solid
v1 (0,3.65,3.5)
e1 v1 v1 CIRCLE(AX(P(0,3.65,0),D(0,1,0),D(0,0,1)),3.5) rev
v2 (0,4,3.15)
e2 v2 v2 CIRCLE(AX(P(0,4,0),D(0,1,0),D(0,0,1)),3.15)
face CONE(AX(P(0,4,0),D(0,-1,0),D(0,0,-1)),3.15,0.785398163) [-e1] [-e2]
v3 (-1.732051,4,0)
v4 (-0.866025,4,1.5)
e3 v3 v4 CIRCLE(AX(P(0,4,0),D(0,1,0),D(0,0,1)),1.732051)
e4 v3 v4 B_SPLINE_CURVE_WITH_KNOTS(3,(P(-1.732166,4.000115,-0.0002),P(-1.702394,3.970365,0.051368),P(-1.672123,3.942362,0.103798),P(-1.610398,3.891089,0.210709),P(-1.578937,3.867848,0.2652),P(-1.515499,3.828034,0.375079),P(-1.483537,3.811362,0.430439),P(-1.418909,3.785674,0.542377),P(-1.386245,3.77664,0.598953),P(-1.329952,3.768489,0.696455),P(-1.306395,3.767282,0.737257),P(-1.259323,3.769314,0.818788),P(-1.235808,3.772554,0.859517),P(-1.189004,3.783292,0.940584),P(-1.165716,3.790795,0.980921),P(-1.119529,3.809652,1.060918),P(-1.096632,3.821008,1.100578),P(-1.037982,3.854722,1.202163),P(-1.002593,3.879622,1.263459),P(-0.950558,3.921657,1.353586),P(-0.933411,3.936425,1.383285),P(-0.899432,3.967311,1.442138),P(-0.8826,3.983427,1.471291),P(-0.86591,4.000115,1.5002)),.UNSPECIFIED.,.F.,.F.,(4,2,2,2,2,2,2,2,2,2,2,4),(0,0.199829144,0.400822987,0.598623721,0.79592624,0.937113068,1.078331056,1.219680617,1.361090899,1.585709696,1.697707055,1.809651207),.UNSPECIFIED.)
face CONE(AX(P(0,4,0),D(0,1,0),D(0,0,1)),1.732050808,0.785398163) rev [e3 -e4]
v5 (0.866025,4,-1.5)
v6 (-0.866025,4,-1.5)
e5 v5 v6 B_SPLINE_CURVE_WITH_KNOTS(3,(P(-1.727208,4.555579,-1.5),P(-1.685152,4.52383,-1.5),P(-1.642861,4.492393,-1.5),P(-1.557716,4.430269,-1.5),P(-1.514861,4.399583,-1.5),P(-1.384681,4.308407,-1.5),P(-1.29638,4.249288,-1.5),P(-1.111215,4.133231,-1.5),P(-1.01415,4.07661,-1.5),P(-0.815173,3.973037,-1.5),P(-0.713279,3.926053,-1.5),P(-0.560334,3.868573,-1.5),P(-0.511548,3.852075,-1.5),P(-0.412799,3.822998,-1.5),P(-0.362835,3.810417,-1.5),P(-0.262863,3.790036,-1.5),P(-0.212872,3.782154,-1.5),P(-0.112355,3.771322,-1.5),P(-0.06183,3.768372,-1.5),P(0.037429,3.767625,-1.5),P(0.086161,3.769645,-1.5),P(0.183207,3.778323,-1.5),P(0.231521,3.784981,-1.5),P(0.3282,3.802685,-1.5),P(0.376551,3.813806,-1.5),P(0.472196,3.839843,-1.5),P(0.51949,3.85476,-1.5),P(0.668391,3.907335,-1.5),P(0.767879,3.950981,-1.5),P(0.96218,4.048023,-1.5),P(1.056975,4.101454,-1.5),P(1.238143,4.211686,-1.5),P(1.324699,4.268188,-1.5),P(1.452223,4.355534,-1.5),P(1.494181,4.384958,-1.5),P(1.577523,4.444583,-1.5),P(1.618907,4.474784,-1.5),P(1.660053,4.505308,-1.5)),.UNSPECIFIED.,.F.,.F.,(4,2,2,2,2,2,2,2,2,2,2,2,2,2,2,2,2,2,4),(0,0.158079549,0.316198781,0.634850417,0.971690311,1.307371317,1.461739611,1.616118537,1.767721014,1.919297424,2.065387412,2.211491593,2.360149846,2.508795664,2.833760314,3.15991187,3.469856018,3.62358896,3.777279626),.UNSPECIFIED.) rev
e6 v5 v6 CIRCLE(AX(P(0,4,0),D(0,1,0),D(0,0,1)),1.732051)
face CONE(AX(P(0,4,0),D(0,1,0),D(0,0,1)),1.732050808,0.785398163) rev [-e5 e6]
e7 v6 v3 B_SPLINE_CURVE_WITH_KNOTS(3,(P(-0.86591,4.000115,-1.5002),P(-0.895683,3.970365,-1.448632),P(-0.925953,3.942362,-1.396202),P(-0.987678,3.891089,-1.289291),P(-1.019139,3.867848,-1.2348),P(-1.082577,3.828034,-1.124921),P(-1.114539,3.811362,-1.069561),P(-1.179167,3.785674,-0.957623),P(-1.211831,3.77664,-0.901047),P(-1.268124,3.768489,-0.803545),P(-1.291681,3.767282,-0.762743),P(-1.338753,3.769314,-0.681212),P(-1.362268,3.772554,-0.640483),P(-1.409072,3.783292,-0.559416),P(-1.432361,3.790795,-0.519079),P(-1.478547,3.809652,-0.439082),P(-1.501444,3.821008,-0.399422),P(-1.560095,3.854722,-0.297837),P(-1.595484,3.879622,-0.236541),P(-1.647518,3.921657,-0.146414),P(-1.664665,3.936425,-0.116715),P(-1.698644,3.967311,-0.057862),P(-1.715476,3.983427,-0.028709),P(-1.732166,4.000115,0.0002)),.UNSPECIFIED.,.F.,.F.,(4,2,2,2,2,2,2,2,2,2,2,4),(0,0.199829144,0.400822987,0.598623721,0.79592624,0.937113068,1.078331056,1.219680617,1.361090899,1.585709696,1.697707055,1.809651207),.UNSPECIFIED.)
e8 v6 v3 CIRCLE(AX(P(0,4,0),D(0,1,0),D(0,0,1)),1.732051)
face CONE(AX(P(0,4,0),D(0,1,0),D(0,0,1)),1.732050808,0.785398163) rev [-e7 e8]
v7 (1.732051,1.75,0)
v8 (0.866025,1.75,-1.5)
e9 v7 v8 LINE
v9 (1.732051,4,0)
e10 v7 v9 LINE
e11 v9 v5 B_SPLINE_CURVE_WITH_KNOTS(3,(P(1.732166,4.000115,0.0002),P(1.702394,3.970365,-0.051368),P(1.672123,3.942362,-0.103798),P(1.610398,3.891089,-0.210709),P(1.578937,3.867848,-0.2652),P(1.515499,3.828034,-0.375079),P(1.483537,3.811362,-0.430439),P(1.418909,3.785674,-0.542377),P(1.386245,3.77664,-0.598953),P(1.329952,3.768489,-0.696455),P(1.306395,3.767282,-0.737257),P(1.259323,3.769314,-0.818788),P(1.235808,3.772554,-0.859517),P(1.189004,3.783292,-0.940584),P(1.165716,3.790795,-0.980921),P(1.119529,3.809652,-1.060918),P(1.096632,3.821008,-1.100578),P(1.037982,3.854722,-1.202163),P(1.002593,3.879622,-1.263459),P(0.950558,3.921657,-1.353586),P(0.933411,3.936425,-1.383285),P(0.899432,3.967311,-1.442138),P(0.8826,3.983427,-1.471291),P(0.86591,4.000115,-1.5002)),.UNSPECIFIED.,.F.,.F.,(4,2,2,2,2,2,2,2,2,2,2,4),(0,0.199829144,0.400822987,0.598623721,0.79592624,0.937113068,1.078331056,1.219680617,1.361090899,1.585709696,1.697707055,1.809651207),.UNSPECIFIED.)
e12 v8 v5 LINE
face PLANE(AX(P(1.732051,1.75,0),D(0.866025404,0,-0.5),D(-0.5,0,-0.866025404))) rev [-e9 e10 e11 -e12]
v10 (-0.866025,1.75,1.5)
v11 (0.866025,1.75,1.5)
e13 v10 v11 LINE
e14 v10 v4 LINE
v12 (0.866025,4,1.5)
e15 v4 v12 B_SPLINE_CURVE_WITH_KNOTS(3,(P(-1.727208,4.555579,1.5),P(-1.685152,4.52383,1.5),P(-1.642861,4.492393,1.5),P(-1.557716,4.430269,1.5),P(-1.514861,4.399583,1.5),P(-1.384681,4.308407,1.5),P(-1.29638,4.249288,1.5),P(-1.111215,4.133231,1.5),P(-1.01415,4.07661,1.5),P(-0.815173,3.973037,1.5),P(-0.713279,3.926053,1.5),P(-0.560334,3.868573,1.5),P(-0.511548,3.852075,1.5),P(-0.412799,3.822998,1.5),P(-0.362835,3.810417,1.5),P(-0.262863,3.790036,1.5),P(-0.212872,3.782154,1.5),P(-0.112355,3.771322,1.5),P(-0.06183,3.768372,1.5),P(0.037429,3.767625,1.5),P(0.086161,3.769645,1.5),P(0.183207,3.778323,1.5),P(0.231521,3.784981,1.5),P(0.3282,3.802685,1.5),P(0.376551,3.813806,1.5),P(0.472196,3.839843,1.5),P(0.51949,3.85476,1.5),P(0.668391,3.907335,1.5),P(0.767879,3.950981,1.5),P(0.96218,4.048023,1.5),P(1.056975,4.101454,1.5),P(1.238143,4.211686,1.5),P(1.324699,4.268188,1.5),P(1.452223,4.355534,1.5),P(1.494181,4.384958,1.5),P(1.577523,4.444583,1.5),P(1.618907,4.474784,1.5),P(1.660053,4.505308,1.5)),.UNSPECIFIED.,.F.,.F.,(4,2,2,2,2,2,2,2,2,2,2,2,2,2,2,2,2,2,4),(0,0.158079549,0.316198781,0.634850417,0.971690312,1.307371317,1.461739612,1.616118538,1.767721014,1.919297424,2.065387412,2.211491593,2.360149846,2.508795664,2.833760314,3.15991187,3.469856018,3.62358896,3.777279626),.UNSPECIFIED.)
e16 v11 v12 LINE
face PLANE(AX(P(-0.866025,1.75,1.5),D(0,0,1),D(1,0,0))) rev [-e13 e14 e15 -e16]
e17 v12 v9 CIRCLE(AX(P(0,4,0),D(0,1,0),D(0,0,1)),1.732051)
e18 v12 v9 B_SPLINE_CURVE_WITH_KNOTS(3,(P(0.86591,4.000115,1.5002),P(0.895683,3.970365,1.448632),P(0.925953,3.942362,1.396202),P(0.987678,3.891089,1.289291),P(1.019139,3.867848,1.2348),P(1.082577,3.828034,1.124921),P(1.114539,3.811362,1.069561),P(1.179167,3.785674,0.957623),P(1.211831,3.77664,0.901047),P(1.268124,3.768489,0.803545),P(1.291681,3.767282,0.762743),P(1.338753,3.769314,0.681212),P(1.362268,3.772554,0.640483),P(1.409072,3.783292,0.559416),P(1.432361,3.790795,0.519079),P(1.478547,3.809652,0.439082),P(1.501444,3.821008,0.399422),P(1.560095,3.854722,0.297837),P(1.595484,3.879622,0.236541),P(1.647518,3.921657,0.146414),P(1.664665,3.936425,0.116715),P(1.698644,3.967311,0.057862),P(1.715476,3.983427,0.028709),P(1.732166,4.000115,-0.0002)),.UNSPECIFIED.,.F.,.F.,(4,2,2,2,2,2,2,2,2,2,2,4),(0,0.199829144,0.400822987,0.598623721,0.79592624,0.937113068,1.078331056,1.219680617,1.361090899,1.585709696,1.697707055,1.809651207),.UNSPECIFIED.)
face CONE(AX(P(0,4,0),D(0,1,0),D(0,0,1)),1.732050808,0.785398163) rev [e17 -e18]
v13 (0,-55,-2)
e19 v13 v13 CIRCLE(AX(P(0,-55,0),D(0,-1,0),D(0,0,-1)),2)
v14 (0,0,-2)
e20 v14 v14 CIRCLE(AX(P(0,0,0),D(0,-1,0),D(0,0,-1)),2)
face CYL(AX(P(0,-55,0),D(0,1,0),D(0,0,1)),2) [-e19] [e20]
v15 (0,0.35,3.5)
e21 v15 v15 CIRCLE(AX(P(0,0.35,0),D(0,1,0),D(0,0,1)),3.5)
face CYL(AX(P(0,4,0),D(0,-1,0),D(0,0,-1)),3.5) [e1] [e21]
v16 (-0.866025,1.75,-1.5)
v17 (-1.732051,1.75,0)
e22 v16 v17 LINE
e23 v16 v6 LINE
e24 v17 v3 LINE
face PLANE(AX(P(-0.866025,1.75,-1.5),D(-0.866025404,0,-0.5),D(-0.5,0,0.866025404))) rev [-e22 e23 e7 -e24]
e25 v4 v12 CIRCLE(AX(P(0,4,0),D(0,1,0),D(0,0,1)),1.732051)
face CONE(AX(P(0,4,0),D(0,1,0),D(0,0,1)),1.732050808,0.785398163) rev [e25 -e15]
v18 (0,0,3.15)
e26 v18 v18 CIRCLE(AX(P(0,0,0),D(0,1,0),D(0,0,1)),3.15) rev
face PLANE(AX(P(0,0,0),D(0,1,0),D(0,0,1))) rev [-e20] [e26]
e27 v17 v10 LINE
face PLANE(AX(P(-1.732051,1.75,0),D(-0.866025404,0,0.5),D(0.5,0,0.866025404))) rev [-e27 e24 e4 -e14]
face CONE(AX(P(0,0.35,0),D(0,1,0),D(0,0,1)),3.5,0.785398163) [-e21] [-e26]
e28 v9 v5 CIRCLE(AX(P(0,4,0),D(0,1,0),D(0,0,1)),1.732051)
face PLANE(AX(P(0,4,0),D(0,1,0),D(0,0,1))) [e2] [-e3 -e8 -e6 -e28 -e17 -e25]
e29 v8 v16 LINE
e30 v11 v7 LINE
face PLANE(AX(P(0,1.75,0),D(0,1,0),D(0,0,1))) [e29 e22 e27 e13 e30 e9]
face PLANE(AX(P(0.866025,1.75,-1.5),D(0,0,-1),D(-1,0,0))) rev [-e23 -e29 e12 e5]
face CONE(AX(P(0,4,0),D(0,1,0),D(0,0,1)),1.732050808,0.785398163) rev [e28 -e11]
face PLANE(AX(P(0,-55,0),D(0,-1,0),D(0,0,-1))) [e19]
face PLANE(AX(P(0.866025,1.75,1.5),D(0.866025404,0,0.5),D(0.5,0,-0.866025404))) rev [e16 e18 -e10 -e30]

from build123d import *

# Parameters (mm, degrees)
SKETCH1_R           = 3.5
BOSS_EXTRUDE1_DEPTH = 4
CUT_EXTRUDE1_DEPTH  = 2.25
CHAMFER1_SIZE       = 0.35
SKETCH_1_R          = 2
EXTRUDE_1_DEPTH     = 55


with BuildPart() as part:
    # Sketch1 → Boss-Extrude1 (new body)
    with BuildSketch(Plane(origin=(0, 0, 0), x_dir=(1, 0, 0), z_dir=(0, 1, 0))):
        with Locations(Location((0, 0, 0), (0, 0, 270))):
            Circle(SKETCH1_R)
    extrude(amount=BOSS_EXTRUDE1_DEPTH)

    # Sketch2 → Cut-Extrude1 (cut)
    with BuildSketch(Plane(origin=(0, 4, 0), x_dir=(1, 0, 0), z_dir=(0, 1, 0))):
        Polygon((0.866025404, 1.5), (-0.866025404, 1.5), (-1.732050808, 0), (-0.866025404, -1.5), (0.866025404, -1.5), (1.732050808, 0), align=None)
    extrude(amount=-CUT_EXTRUDE1_DEPTH, mode=Mode.SUBTRACT)

    # Cut-Extrude2 cone 1 section (through the dimple's axis) → Cut-Extrude2 (revolve, cut)
    with BuildSketch(Plane(origin=(0, 4, 0), x_dir=(0, 0, 1), z_dir=(1, 0, 0))):
        Polygon((0, 0), (1.732050808, 0), (0, 1.732050808), align=None)
    revolve(axis=Axis((0, 4, 0), (0, -1, 0)), mode=Mode.SUBTRACT)

    # Chamfer1
    chamfer1_edges = [part.edges().sort_by_distance(p)[0] for p in [
        (0, 0, -3.5),
        (0, 4, -3.5),
    ]]
    chamfer(chamfer1_edges, length=CHAMFER1_SIZE)

    # 草图1 → 凸台-拉伸1 (add)
    with BuildSketch(Plane(origin=(0, 0, 0), x_dir=(-1, 0, 0), z_dir=(0, -1, 0))):
        with Locations(Location((0, 0, 0), (0, 0, 90))):
            Circle(SKETCH_1_R)
    extrude(amount=EXTRUDE_1_DEPTH)


solid = part.part
